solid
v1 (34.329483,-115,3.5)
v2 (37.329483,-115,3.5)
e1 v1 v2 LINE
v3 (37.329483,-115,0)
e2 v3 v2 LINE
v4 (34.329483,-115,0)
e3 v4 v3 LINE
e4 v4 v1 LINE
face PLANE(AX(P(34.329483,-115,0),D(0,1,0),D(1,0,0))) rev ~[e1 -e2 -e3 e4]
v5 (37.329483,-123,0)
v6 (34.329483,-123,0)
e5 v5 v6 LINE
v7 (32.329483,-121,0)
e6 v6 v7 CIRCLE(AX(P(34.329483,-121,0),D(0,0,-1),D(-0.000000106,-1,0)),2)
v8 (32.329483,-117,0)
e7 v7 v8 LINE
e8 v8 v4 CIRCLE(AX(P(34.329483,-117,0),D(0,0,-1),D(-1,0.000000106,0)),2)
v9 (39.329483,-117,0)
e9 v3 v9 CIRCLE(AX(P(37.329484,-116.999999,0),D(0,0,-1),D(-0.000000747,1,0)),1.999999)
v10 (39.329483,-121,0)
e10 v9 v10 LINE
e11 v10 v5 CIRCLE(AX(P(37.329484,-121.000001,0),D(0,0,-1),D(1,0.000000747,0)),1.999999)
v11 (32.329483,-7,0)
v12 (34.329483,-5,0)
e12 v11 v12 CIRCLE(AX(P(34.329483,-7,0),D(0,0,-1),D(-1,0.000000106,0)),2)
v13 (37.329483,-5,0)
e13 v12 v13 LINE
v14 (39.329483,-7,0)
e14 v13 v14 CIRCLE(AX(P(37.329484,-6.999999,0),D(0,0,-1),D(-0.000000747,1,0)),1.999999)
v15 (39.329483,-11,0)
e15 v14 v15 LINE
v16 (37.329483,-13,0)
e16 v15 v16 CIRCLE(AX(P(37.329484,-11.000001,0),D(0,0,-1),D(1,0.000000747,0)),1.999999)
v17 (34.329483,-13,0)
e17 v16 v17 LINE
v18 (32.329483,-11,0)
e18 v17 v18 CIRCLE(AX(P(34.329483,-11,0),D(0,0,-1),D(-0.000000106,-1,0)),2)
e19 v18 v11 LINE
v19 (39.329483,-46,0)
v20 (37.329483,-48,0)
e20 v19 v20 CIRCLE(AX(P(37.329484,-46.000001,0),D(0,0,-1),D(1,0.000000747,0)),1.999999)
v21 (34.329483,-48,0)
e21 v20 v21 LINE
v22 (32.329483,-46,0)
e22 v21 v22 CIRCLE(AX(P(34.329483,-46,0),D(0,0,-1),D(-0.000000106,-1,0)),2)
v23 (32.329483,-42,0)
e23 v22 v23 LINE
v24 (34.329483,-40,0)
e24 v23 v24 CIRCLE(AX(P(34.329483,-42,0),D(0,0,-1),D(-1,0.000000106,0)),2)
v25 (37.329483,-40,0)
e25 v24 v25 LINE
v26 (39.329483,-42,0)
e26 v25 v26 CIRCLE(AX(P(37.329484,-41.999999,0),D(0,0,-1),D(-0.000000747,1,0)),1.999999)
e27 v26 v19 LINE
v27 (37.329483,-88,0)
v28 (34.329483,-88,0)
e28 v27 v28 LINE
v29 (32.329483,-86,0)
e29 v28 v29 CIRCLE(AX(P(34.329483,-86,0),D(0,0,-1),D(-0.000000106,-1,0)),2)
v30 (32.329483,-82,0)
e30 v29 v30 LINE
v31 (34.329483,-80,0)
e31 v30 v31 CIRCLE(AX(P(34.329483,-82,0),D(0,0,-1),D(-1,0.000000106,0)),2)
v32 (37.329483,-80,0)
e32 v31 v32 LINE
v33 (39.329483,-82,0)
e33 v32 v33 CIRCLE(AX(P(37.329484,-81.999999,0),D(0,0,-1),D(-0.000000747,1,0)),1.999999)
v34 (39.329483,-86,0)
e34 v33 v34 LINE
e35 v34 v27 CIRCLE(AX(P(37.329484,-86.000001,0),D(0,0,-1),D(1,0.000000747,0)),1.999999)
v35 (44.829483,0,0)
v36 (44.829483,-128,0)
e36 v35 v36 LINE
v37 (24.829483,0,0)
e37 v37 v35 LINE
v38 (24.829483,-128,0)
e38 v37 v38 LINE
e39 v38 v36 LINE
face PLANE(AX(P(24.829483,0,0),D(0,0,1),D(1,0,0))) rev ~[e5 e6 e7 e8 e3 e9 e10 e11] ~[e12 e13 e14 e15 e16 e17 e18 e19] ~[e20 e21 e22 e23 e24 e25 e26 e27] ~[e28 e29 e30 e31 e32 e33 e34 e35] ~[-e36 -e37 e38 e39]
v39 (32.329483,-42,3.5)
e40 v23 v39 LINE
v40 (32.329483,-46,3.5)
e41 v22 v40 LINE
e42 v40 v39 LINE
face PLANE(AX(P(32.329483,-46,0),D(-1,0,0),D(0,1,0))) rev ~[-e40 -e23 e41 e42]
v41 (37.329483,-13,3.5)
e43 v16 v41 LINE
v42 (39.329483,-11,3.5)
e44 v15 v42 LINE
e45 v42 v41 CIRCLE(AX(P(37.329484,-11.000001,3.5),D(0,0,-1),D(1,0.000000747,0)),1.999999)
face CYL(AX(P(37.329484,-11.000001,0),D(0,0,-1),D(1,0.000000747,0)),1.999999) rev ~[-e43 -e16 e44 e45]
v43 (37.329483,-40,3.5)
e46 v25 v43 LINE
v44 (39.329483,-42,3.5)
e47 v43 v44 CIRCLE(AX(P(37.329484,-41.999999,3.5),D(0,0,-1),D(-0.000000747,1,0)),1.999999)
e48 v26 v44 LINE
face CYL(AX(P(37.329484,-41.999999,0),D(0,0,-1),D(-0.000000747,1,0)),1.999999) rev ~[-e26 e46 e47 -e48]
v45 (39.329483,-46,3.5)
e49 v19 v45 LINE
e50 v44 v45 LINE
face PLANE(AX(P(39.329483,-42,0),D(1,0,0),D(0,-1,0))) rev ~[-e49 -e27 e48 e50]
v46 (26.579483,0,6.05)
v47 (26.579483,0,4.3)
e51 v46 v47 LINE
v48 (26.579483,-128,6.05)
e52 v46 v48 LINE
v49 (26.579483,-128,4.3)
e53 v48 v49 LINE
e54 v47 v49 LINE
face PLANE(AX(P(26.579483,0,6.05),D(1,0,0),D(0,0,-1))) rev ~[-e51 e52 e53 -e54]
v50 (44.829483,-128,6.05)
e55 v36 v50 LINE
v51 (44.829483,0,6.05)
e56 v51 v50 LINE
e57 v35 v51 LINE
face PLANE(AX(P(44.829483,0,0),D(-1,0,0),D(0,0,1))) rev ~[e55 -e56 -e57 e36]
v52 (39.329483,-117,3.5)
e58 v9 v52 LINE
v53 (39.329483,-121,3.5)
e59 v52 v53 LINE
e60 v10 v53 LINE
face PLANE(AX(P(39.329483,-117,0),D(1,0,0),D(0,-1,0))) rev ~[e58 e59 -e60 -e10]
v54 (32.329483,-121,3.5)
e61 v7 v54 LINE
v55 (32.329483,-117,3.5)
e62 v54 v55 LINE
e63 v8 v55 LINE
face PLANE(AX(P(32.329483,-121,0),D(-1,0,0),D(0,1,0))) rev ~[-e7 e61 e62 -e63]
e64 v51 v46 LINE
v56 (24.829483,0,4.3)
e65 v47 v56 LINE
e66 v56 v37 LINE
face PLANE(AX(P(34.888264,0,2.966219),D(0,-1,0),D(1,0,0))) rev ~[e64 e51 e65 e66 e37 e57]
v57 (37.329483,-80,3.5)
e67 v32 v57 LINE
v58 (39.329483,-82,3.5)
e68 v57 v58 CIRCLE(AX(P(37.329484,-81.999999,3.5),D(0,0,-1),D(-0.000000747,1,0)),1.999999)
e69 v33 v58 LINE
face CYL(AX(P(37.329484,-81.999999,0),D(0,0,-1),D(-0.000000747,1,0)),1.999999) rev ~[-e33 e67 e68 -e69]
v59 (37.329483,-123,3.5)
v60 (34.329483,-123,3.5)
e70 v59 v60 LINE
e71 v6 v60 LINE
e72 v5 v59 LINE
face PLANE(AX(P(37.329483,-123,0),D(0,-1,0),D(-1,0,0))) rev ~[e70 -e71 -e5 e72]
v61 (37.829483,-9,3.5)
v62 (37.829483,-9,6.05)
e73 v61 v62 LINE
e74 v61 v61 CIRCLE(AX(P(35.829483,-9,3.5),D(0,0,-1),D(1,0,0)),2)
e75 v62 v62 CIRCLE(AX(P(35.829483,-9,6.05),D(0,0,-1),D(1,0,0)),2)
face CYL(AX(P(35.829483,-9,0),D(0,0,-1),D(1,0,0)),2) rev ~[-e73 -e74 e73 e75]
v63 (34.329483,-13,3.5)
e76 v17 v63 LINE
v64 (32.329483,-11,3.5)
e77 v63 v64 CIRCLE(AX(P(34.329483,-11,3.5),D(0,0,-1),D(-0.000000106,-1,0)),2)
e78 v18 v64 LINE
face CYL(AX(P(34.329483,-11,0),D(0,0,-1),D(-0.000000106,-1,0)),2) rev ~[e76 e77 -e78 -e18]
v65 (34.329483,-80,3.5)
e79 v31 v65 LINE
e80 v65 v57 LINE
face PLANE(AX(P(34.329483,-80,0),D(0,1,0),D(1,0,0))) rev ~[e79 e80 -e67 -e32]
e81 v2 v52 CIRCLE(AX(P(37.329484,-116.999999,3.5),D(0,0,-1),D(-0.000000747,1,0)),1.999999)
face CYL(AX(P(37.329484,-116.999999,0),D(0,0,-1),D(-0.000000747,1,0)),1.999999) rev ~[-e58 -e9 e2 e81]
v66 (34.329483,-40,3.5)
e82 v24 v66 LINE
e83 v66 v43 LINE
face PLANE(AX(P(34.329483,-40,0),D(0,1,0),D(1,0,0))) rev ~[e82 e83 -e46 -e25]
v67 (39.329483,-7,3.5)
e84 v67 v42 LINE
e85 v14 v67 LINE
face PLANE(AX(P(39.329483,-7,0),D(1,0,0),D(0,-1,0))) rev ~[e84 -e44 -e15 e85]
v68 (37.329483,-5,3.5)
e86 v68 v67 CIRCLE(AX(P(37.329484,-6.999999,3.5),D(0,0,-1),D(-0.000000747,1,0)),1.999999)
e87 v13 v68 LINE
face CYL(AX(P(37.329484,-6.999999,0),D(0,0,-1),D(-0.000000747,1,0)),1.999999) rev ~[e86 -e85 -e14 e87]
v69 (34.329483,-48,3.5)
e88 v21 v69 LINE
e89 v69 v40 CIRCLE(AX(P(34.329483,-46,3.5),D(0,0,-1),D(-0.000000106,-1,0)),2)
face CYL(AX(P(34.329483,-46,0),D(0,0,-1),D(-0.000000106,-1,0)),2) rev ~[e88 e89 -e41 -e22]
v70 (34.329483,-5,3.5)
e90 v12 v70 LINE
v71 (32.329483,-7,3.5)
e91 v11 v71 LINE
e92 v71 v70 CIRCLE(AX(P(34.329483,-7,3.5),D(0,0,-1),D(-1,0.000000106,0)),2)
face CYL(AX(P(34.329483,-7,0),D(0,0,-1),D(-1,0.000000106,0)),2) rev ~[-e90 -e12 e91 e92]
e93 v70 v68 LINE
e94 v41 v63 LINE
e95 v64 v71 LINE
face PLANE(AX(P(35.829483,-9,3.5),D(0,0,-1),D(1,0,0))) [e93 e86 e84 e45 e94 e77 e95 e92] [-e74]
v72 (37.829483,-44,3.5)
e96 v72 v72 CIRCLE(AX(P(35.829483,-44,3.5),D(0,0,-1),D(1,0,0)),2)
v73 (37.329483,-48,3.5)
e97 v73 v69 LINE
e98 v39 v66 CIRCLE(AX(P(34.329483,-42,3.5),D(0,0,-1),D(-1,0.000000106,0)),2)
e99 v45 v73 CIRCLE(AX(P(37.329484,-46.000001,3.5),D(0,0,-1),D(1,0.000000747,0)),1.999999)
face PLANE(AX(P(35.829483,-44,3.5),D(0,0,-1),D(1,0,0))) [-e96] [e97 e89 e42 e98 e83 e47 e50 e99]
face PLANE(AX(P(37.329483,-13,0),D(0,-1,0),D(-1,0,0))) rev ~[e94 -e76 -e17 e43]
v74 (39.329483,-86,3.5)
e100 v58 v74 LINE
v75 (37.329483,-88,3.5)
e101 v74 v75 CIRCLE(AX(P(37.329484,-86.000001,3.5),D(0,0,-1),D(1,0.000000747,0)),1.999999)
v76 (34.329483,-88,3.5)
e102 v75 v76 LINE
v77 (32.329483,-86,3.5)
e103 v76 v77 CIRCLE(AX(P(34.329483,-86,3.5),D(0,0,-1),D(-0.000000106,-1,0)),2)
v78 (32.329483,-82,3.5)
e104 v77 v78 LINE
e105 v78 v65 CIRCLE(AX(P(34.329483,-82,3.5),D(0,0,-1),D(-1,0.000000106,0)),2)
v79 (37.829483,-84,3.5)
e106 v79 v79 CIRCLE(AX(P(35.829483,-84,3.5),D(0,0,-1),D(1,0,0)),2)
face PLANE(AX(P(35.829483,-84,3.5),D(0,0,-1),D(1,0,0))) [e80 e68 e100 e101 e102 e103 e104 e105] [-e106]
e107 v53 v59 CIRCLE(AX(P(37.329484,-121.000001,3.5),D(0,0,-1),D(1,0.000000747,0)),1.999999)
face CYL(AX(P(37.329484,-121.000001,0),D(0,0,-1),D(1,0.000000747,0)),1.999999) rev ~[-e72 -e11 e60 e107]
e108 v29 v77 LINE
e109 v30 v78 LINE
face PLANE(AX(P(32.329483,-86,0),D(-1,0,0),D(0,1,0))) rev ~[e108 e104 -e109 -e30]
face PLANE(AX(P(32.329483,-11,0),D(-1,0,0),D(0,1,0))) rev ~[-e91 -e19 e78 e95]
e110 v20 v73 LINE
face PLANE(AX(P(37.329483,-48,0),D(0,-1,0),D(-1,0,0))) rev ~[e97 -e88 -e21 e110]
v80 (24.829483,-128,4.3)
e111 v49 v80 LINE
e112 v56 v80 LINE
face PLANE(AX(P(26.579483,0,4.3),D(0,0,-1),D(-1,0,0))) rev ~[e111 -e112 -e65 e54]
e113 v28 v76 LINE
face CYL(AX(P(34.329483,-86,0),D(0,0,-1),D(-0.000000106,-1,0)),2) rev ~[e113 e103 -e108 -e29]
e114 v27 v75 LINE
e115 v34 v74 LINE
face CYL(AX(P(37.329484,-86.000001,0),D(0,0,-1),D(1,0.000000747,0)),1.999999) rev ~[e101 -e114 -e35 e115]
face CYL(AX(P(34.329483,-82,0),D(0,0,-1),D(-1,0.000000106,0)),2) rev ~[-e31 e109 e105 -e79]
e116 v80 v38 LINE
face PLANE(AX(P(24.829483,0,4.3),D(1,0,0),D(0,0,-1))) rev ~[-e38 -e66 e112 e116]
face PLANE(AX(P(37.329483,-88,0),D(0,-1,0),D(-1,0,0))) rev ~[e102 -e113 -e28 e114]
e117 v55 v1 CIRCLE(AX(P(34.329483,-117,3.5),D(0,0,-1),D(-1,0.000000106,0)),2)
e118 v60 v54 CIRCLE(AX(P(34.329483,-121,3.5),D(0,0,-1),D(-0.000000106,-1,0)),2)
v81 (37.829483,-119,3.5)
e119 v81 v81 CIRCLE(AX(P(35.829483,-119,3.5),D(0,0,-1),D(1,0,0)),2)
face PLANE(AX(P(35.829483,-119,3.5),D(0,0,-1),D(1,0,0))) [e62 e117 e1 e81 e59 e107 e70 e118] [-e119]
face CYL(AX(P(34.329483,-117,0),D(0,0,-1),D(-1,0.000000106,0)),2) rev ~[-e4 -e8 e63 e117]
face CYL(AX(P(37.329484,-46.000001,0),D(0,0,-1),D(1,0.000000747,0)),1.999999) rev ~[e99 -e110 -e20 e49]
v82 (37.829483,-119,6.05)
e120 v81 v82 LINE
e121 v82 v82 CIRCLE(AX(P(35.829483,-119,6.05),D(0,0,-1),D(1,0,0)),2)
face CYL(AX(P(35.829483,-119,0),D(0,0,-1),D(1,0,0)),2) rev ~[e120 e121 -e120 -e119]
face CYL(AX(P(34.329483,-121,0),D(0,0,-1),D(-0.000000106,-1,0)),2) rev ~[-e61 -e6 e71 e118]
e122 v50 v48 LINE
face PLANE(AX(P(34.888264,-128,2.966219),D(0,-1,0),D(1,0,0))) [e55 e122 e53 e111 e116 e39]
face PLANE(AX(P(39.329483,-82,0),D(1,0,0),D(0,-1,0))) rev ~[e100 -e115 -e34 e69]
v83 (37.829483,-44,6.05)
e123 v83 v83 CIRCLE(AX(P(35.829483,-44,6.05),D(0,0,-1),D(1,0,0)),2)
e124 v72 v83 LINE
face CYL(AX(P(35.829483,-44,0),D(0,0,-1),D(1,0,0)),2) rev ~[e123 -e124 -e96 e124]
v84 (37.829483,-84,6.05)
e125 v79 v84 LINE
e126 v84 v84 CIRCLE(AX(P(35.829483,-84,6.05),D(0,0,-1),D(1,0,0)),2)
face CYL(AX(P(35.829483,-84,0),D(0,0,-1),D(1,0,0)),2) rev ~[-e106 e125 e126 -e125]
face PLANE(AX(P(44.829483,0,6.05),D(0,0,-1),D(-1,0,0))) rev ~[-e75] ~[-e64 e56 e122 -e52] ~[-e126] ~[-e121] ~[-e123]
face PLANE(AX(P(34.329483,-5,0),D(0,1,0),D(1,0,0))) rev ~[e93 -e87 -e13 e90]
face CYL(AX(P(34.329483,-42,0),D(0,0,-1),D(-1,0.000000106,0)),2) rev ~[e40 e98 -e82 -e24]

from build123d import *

# Parameters (mm, degrees)
F1_DEPTH = 128
F3_DEPTH = 3.5
F4_R     = 2
F5_DEPTH = 6.051


with BuildPart() as f1:
    # F0 (on Front) → F1 (new body)
    with BuildSketch(Plane.XZ):
        Polygon((24.829483, 0), (44.829483, 0), (44.829483, 6.05), (26.579483, 6.05), (26.579483, 4.3), (24.829483, 4.3), align=None)
    extrude(amount=F1_DEPTH)

    # F2 (on face) → F3 (cut)
    with BuildSketch(Plane(origin=(0, 0, 0), x_dir=(1, 0, 0), z_dir=(0, 0, -1))):
        with BuildLine():
            ThreePointArc((32.329483, 117), (32.91527, 115.585786), (34.329483, 115))
            Line((34.329483, 115), (37.329483, 115))
            ThreePointArc((37.329483, 115), (38.743697, 115.585786), (39.329483, 117))
            Line((39.329483, 117), (39.329483, 121))
            ThreePointArc((39.329483, 121), (38.743697, 122.414214), (37.329483, 123))
            Line((37.329483, 123), (34.329483, 123))
            ThreePointArc((34.329483, 123), (32.91527, 122.414214), (32.329483, 121))
            Line((32.329483, 121), (32.329483, 117))
        make_face()
        with BuildLine():
            ThreePointArc((32.329483, 82), (32.91527, 80.585786), (34.329483, 80))
            Line((34.329483, 80), (37.329483, 80))
            ThreePointArc((37.329483, 80), (38.743697, 80.585786), (39.329483, 82))
            Line((39.329483, 82), (39.329483, 86))
            ThreePointArc((39.329483, 86), (38.743697, 87.414214), (37.329483, 88))
            Line((37.329483, 88), (34.329483, 88))
            ThreePointArc((34.329483, 88), (32.91527, 87.414214), (32.329483, 86))
            Line((32.329483, 86), (32.329483, 82))
        make_face()
        with BuildLine():
            ThreePointArc((37.329483, 40), (38.743697, 40.585786), (39.329483, 42))
            Line((39.329483, 42), (39.329483, 46))
            ThreePointArc((39.329483, 46), (38.743697, 47.414214), (37.329483, 48))
            Line((37.329483, 48), (34.329483, 48))
            ThreePointArc((34.329483, 48), (32.91527, 47.414214), (32.329483, 46))
            Line((32.329483, 46), (32.329483, 42))
            ThreePointArc((32.329483, 42), (32.91527, 40.585786), (34.329483, 40))
            Line((34.329483, 40), (37.329483, 40))
        make_face()
        with BuildLine():
            ThreePointArc((37.329483, 5), (38.743697, 5.585786), (39.329483, 7))
            Line((39.329483, 7), (39.329483, 11))
            ThreePointArc((39.329483, 11), (38.743697, 12.414214), (37.329483, 13))
            Line((37.329483, 13), (34.329483, 13))
            ThreePointArc((34.329483, 13), (32.91527, 12.414214), (32.329483, 11))
            Line((32.329483, 11), (32.329483, 7))
            ThreePointArc((32.329483, 7), (32.91527, 5.585786), (34.329483, 5))
            Line((34.329483, 5), (37.329483, 5))
        make_face()
    extrude(amount=-F3_DEPTH, mode=Mode.SUBTRACT)

    # F4 (on face) → F5 (cut, through all)
    with BuildSketch(Plane(origin=(0, 0, 0), x_dir=(1, 0, 0), z_dir=(0, 0, -1))):
        with Locations((35.829483, 119)):
            Circle(F4_R)
        with Locations((35.829483, 84)):
            Circle(F4_R)
        with Locations((35.829483, 44)):
            Circle(F4_R)
        with Locations((35.829483, 9)):
            Circle(F4_R)
    extrude(amount=-F5_DEPTH, mode=Mode.SUBTRACT)


solid = f1.part
